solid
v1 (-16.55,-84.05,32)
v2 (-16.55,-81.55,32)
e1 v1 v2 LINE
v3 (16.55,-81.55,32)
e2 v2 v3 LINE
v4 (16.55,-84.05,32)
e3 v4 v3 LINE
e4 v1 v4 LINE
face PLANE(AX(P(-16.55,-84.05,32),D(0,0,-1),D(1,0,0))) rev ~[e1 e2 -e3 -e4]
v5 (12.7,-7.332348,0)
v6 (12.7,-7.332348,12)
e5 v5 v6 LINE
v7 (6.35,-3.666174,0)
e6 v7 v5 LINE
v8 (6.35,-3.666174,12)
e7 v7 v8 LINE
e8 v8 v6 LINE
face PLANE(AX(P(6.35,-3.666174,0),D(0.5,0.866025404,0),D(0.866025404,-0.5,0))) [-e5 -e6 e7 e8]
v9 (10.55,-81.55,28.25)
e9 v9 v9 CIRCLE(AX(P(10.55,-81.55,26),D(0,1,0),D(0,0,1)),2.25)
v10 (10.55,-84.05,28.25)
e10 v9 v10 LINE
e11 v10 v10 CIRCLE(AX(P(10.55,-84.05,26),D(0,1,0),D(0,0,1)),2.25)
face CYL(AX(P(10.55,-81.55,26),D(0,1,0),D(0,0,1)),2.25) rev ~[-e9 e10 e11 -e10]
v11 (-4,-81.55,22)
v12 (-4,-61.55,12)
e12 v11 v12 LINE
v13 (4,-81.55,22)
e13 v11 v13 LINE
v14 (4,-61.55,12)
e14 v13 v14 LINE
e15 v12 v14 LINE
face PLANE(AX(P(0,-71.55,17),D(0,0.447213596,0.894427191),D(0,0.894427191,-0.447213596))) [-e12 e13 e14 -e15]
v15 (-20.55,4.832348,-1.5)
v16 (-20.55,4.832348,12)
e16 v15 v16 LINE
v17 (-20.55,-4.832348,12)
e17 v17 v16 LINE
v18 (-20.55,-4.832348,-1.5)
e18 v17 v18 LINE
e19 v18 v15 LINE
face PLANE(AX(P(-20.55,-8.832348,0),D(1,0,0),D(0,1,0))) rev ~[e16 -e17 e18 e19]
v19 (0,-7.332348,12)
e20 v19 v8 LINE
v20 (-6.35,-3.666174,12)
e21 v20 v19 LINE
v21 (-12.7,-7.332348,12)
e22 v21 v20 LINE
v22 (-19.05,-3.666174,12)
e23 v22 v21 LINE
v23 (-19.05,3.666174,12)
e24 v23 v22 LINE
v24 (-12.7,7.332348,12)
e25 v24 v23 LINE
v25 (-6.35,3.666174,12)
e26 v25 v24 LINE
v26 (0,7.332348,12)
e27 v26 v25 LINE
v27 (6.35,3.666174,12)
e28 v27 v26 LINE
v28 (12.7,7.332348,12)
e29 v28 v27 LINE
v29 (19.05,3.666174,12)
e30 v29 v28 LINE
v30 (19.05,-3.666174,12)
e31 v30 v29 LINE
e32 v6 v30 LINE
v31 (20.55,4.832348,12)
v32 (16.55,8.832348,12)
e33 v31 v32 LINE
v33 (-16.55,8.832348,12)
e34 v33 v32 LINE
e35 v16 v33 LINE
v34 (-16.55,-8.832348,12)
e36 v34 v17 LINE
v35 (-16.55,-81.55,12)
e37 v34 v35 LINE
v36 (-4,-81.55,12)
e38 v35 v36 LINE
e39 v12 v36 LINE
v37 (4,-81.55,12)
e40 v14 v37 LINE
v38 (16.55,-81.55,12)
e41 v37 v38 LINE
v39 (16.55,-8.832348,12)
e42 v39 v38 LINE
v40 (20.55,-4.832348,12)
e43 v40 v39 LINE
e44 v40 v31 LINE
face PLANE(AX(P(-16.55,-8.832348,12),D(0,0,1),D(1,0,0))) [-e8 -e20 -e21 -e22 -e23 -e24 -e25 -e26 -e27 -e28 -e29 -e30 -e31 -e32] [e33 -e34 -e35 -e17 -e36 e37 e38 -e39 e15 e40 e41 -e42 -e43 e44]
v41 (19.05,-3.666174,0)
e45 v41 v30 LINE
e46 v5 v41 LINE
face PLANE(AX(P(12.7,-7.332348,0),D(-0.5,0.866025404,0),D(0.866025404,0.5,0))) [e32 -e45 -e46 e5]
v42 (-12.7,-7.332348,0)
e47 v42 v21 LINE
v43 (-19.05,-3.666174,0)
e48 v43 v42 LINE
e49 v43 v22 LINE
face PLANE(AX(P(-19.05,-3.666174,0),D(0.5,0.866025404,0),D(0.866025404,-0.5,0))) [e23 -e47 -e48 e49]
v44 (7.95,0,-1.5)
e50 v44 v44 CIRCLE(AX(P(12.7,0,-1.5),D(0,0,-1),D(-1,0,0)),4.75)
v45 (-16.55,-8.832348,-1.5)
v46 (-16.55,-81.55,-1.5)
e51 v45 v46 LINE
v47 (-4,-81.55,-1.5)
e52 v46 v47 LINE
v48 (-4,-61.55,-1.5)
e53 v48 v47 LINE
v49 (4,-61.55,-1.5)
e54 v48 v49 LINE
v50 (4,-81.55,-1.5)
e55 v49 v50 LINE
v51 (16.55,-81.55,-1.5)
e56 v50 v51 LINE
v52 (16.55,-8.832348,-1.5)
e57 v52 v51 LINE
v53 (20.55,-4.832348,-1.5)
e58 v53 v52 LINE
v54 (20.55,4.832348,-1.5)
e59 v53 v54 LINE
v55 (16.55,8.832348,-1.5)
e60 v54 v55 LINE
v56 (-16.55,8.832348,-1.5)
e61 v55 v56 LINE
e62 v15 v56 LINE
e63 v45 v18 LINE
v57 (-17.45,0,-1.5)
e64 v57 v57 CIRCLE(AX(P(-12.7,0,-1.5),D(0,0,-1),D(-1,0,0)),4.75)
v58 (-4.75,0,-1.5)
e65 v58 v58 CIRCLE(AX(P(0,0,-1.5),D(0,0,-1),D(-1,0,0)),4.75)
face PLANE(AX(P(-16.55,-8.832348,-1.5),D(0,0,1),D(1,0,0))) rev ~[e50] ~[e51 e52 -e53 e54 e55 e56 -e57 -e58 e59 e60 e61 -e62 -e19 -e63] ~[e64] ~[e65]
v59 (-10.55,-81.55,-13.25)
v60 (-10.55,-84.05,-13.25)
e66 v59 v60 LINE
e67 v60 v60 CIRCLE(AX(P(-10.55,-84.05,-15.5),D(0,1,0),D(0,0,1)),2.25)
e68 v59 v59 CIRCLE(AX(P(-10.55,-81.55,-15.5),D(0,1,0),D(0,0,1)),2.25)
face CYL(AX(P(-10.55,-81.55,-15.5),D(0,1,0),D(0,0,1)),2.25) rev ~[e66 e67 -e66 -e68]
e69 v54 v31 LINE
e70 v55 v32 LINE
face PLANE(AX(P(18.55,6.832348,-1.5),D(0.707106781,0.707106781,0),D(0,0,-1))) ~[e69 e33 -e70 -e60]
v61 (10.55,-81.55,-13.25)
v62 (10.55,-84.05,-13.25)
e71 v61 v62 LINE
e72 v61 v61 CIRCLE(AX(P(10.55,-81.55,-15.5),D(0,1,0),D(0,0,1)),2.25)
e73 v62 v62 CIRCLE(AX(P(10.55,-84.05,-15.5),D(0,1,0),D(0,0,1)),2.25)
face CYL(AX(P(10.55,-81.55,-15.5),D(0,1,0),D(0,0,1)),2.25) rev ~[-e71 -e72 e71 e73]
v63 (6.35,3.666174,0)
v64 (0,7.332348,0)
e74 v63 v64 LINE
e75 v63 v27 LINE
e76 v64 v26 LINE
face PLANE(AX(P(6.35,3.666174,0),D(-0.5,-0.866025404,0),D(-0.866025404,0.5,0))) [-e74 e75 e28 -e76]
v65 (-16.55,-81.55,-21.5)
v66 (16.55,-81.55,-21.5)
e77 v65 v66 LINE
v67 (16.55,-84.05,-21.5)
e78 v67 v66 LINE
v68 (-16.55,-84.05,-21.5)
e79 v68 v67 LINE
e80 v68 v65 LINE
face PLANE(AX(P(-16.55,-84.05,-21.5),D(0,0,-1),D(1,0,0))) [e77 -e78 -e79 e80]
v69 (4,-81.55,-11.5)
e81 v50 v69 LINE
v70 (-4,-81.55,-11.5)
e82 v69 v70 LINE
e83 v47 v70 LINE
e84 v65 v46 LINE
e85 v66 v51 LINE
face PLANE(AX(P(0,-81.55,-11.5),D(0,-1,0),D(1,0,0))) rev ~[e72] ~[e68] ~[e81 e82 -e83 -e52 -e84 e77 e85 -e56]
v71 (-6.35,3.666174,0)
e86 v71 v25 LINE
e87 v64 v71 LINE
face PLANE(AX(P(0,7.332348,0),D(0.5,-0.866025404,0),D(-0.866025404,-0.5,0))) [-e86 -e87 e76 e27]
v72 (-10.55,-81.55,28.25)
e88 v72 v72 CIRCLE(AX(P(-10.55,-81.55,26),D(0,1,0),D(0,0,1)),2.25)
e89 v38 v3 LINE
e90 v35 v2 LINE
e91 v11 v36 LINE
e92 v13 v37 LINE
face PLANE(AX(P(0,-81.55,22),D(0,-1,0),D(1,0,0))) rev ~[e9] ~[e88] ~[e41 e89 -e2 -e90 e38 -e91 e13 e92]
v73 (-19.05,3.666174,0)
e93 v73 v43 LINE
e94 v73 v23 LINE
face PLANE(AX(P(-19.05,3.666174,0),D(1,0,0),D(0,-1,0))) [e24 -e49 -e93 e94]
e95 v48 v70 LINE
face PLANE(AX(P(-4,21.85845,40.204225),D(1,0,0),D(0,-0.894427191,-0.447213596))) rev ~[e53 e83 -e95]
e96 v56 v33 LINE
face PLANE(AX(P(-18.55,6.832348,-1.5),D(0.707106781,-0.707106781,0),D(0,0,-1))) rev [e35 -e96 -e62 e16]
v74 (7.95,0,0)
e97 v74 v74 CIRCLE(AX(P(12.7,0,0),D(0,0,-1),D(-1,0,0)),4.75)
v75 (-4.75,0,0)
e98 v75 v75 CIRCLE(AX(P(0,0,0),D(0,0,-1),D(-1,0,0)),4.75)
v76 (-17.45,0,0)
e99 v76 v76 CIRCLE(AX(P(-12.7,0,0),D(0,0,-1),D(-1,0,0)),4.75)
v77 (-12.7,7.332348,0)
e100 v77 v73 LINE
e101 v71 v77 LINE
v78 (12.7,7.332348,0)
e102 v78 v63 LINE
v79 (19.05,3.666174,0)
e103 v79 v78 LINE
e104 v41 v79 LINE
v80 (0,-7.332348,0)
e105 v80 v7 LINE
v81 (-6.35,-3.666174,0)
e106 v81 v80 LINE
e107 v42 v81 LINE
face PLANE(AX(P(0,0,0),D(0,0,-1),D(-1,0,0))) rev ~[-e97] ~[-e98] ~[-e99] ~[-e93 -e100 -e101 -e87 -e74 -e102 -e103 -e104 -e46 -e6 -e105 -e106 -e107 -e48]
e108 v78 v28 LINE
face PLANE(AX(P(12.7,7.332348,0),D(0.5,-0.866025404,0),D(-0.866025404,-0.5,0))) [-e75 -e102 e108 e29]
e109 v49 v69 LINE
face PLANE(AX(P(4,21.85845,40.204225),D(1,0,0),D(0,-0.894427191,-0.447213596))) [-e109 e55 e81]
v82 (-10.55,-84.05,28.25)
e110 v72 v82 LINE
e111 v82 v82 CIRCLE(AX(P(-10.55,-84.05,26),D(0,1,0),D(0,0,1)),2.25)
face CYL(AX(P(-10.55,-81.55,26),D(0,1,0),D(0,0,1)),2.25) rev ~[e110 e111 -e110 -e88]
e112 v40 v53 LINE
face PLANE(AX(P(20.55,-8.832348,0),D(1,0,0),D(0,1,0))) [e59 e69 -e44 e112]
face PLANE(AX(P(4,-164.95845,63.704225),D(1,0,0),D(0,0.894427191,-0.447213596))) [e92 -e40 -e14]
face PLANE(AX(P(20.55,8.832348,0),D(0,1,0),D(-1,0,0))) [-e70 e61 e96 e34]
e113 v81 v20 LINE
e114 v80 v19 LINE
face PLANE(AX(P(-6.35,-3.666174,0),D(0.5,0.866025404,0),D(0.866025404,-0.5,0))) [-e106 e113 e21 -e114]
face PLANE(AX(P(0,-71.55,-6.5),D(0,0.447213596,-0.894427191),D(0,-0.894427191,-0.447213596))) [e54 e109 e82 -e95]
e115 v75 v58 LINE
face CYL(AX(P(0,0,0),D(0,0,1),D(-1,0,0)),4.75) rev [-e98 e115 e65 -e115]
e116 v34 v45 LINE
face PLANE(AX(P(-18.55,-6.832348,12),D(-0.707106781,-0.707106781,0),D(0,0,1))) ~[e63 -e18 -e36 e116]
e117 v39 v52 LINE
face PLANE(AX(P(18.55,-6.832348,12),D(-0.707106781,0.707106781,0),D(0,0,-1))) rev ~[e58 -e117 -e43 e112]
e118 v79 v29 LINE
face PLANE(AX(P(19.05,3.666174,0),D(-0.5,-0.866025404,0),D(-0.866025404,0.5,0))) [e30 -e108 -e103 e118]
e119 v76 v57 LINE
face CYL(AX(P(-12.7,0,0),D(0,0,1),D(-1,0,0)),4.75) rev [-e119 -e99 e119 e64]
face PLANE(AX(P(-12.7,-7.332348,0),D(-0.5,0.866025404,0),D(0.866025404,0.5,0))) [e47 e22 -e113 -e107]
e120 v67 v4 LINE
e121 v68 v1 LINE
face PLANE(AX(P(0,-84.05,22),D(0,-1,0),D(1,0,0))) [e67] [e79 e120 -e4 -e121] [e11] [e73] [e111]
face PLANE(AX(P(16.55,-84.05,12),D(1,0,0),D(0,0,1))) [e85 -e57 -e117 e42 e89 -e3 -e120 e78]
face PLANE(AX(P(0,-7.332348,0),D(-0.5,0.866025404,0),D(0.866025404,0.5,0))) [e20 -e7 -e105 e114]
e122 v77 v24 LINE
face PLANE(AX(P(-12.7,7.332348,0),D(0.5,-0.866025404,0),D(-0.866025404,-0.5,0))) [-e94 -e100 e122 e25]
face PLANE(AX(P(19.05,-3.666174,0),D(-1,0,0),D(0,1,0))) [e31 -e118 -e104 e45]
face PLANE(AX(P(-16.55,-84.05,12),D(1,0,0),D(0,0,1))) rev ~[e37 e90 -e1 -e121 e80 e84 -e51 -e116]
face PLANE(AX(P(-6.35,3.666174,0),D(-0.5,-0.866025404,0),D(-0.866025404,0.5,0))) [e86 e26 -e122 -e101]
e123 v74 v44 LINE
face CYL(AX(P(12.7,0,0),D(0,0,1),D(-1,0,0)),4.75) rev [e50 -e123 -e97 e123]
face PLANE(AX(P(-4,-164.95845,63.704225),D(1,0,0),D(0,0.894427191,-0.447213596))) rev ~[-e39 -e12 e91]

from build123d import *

# Parameters (mm, degrees)
SKETCH1_W           = 41.1
SKETCH1_H           = 17.664696838
BOSS_EXTRUDE1_DEPTH = 12
SKETCH2_W           = 41.1
SKETCH2_H           = 17.664696838
SKETCH2_R           = 4.75
BOSS_EXTRUDE2_DEPTH = 1.5
CHAMFER2_SIZE       = 4
SKETCH3_W           = 33.1
SKETCH3_H           = 13.5
BOSS_EXTRUDE3_DEPTH = 75.2176516
SKETCH4_W           = 33.1
SKETCH4_H           = 20
BOSS_EXTRUDE4_DEPTH = 2.5
CUT_EXTRUDE1_REACH  = 100.057
SKETCH5_R           = 2.25
RIB1_REACH          = 94.253
SKETCH6_WALL_W      = 208.867644448
SKETCH6_WALL_H      = 8
RIB2_REACH          = 94.253
SKETCH7_WALL_W      = 208.867644448
SKETCH7_WALL_H      = 8


with BuildPart() as part:
    # Sketch1 → Boss-Extrude1 (new body)
    with BuildSketch(Plane.XY):
        Rectangle(SKETCH1_W, SKETCH1_H)
        Polygon((-12.7, -7.332348419), (-6.35, -3.666174209), (0, -7.332348419), (6.35, -3.666174209), (12.7, -7.332348419), (19.05, -3.666174209), (19.05, 3.666174209), (12.7, 7.332348419), (6.35, 3.666174209), (0, 7.332348419), (-6.35, 3.666174209), (-12.7, 7.332348419), (-19.05, 3.666174209), (-19.05, -3.666174209), align=None, mode=Mode.SUBTRACT)
    extrude(amount=BOSS_EXTRUDE1_DEPTH)

    # Sketch2 → Boss-Extrude2 (add)
    with BuildSketch(Plane(origin=(0, 0, 0), x_dir=(-1, 0, 0), z_dir=(0, 0, -1))):
        Rectangle(SKETCH2_W, SKETCH2_H)
        Polygon((19.05, -3.666174209), (12.7, -7.332348419), (6.35, -3.666174209), (0, -7.332348419), (-6.35, -3.666174209), (-12.7, -7.332348419), (-19.05, -3.666174209), (-19.05, 3.666174209), (-12.7, 7.332348419), (-6.35, 3.666174209), (0, 7.332348419), (6.35, 3.666174209), (12.7, 7.332348419), (19.05, 3.666174209), align=None, mode=Mode.SUBTRACT)
        Polygon((6.35, -3.666174209), (6.35, 3.666174209), (12.7, 7.332348419), (19.05, 3.666174209), (19.05, -3.666174209), (12.7, -7.332348419), align=None)
        with Locations((12.7, 0)):
            Circle(SKETCH2_R, mode=Mode.SUBTRACT)
        Polygon((6.35, -3.666174209), (6.35, 3.666174209), (0, 7.332348419), (-6.35, 3.666174209), (-6.35, -3.666174209), (0, -7.332348419), align=None)
        Circle(SKETCH2_R, mode=Mode.SUBTRACT)
        Polygon((-6.35, 3.666174209), (-6.35, -3.666174209), (-12.7, -7.332348419), (-19.05, -3.666174209), (-19.05, 3.666174209), (-12.7, 7.332348419), align=None)
        with Locations((-12.7, 0)):
            Circle(SKETCH2_R, mode=Mode.SUBTRACT)
    extrude(amount=BOSS_EXTRUDE2_DEPTH)

    # Chamfer2
    chamfer2_edges = [part.edges().sort_by_distance(p)[0] for p in [
        (-20.55, -8.832348419, 5.25),
        (-20.55, 8.832348419, 5.25),
        (20.55, 8.832348419, 5.25),
        (20.55, -8.832348419, 5.25),
    ]]
    chamfer(chamfer2_edges, length=CHAMFER2_SIZE)

    # Sketch3 → Boss-Extrude3 (add)
    with BuildSketch(Plane.XZ.offset(8.832348419)):
        with Locations((0, 5.25)):
            Rectangle(SKETCH3_W, SKETCH3_H)
    extrude(amount=BOSS_EXTRUDE3_DEPTH)

    # Sketch4 → Boss-Extrude4 (add)
    with BuildSketch(Plane.XZ.offset(84.050000019)):
        with Locations((0, 22)):
            Rectangle(SKETCH4_W, SKETCH4_H)
        with Locations((0, -11.5)):
            Rectangle(SKETCH4_W, SKETCH4_H)
    extrude(amount=-BOSS_EXTRUDE4_DEPTH)

    # Sketch5 → Cut-Extrude1 (cut, up to next)
    with BuildSketch(Plane(origin=(0, -81.550000019, 0), x_dir=(1, 0, 0), z_dir=(0, 1, 0)), mode=Mode.PRIVATE) as cut_extrude1_sk1:
        with Locations(Location((-10.55, -26, 0), (0, 0, 270))):
            Circle(SKETCH5_R)
    cut_extrude1_tool1 = extrude(cut_extrude1_sk1.sketch, amount=-CUT_EXTRUDE1_REACH, mode=Mode.PRIVATE) & part.part
    # Sketch5 → Cut-Extrude1 (cut, up to next)
    with BuildSketch(Plane(origin=(0, -81.550000019, 0), x_dir=(1, 0, 0), z_dir=(0, 1, 0)), mode=Mode.PRIVATE) as cut_extrude1_sk2:
        with Locations(Location((10.55, -26, 0), (0, 0, 270))):
            Circle(SKETCH5_R)
    cut_extrude1_tool2 = extrude(cut_extrude1_sk2.sketch, amount=-CUT_EXTRUDE1_REACH, mode=Mode.PRIVATE) & part.part
    # Sketch5 → Cut-Extrude1 (cut, up to next)
    with BuildSketch(Plane(origin=(0, -81.550000019, 0), x_dir=(1, 0, 0), z_dir=(0, 1, 0)), mode=Mode.PRIVATE) as cut_extrude1_sk3:
        with Locations(Location((10.55, 15.5, 0), (0, 0, 270))):
            Circle(SKETCH5_R)
    cut_extrude1_tool3 = extrude(cut_extrude1_sk3.sketch, amount=-CUT_EXTRUDE1_REACH, mode=Mode.PRIVATE) & part.part
    # Sketch5 → Cut-Extrude1 (cut, up to next)
    with BuildSketch(Plane(origin=(0, -81.550000019, 0), x_dir=(1, 0, 0), z_dir=(0, 1, 0)), mode=Mode.PRIVATE) as cut_extrude1_sk4:
        with Locations(Location((-10.55, 15.5, 0), (0, 0, 270))):
            Circle(SKETCH5_R)
    cut_extrude1_tool4 = extrude(cut_extrude1_sk4.sketch, amount=-CUT_EXTRUDE1_REACH, mode=Mode.PRIVATE) & part.part
    add(cut_extrude1_tool1.solids().sort_by_distance((-10.55, -81.55, 26))[0], mode=Mode.SUBTRACT)
    add(cut_extrude1_tool2.solids().sort_by_distance((10.55, -81.55, 26))[0], mode=Mode.SUBTRACT)
    add(cut_extrude1_tool3.solids().sort_by_distance((10.55, -81.55, -15.5))[0], mode=Mode.SUBTRACT)
    add(cut_extrude1_tool4.solids().sort_by_distance((-10.55, -81.55, -15.5))[0], mode=Mode.SUBTRACT)

    # Sketch6 wall → Rib1 (add, up to next)
    with BuildSketch(Plane(origin=(0, -71.550000019, 17), x_dir=(0, 0.894427191, -0.4472135955), z_dir=(0, 0.4472135955, 0.894427191)), mode=Mode.PRIVATE) as rib1_sk1:
        Rectangle(SKETCH6_WALL_W, SKETCH6_WALL_H)
    rib1_tool1 = extrude(rib1_sk1.sketch, amount=-RIB1_REACH, mode=Mode.PRIVATE) - part.part
    add(rib1_tool1.solids().sort_by_distance((0, -71.550000019, 17))[0])

    # Sketch7 wall → Rib2 (add, up to next)
    with BuildSketch(Plane(origin=(0, -71.550000019, -6.5), x_dir=(0, -0.894427191, -0.4472135955), z_dir=(0, 0.4472135955, -0.894427191)), mode=Mode.PRIVATE) as rib2_sk1:
        Rectangle(SKETCH7_WALL_W, SKETCH7_WALL_H)
    rib2_tool1 = extrude(rib2_sk1.sketch, amount=-RIB2_REACH, mode=Mode.PRIVATE) - part.part
    add(rib2_tool1.solids().sort_by_distance((0, -71.550000019, -6.5))[0])


solid = part.part
